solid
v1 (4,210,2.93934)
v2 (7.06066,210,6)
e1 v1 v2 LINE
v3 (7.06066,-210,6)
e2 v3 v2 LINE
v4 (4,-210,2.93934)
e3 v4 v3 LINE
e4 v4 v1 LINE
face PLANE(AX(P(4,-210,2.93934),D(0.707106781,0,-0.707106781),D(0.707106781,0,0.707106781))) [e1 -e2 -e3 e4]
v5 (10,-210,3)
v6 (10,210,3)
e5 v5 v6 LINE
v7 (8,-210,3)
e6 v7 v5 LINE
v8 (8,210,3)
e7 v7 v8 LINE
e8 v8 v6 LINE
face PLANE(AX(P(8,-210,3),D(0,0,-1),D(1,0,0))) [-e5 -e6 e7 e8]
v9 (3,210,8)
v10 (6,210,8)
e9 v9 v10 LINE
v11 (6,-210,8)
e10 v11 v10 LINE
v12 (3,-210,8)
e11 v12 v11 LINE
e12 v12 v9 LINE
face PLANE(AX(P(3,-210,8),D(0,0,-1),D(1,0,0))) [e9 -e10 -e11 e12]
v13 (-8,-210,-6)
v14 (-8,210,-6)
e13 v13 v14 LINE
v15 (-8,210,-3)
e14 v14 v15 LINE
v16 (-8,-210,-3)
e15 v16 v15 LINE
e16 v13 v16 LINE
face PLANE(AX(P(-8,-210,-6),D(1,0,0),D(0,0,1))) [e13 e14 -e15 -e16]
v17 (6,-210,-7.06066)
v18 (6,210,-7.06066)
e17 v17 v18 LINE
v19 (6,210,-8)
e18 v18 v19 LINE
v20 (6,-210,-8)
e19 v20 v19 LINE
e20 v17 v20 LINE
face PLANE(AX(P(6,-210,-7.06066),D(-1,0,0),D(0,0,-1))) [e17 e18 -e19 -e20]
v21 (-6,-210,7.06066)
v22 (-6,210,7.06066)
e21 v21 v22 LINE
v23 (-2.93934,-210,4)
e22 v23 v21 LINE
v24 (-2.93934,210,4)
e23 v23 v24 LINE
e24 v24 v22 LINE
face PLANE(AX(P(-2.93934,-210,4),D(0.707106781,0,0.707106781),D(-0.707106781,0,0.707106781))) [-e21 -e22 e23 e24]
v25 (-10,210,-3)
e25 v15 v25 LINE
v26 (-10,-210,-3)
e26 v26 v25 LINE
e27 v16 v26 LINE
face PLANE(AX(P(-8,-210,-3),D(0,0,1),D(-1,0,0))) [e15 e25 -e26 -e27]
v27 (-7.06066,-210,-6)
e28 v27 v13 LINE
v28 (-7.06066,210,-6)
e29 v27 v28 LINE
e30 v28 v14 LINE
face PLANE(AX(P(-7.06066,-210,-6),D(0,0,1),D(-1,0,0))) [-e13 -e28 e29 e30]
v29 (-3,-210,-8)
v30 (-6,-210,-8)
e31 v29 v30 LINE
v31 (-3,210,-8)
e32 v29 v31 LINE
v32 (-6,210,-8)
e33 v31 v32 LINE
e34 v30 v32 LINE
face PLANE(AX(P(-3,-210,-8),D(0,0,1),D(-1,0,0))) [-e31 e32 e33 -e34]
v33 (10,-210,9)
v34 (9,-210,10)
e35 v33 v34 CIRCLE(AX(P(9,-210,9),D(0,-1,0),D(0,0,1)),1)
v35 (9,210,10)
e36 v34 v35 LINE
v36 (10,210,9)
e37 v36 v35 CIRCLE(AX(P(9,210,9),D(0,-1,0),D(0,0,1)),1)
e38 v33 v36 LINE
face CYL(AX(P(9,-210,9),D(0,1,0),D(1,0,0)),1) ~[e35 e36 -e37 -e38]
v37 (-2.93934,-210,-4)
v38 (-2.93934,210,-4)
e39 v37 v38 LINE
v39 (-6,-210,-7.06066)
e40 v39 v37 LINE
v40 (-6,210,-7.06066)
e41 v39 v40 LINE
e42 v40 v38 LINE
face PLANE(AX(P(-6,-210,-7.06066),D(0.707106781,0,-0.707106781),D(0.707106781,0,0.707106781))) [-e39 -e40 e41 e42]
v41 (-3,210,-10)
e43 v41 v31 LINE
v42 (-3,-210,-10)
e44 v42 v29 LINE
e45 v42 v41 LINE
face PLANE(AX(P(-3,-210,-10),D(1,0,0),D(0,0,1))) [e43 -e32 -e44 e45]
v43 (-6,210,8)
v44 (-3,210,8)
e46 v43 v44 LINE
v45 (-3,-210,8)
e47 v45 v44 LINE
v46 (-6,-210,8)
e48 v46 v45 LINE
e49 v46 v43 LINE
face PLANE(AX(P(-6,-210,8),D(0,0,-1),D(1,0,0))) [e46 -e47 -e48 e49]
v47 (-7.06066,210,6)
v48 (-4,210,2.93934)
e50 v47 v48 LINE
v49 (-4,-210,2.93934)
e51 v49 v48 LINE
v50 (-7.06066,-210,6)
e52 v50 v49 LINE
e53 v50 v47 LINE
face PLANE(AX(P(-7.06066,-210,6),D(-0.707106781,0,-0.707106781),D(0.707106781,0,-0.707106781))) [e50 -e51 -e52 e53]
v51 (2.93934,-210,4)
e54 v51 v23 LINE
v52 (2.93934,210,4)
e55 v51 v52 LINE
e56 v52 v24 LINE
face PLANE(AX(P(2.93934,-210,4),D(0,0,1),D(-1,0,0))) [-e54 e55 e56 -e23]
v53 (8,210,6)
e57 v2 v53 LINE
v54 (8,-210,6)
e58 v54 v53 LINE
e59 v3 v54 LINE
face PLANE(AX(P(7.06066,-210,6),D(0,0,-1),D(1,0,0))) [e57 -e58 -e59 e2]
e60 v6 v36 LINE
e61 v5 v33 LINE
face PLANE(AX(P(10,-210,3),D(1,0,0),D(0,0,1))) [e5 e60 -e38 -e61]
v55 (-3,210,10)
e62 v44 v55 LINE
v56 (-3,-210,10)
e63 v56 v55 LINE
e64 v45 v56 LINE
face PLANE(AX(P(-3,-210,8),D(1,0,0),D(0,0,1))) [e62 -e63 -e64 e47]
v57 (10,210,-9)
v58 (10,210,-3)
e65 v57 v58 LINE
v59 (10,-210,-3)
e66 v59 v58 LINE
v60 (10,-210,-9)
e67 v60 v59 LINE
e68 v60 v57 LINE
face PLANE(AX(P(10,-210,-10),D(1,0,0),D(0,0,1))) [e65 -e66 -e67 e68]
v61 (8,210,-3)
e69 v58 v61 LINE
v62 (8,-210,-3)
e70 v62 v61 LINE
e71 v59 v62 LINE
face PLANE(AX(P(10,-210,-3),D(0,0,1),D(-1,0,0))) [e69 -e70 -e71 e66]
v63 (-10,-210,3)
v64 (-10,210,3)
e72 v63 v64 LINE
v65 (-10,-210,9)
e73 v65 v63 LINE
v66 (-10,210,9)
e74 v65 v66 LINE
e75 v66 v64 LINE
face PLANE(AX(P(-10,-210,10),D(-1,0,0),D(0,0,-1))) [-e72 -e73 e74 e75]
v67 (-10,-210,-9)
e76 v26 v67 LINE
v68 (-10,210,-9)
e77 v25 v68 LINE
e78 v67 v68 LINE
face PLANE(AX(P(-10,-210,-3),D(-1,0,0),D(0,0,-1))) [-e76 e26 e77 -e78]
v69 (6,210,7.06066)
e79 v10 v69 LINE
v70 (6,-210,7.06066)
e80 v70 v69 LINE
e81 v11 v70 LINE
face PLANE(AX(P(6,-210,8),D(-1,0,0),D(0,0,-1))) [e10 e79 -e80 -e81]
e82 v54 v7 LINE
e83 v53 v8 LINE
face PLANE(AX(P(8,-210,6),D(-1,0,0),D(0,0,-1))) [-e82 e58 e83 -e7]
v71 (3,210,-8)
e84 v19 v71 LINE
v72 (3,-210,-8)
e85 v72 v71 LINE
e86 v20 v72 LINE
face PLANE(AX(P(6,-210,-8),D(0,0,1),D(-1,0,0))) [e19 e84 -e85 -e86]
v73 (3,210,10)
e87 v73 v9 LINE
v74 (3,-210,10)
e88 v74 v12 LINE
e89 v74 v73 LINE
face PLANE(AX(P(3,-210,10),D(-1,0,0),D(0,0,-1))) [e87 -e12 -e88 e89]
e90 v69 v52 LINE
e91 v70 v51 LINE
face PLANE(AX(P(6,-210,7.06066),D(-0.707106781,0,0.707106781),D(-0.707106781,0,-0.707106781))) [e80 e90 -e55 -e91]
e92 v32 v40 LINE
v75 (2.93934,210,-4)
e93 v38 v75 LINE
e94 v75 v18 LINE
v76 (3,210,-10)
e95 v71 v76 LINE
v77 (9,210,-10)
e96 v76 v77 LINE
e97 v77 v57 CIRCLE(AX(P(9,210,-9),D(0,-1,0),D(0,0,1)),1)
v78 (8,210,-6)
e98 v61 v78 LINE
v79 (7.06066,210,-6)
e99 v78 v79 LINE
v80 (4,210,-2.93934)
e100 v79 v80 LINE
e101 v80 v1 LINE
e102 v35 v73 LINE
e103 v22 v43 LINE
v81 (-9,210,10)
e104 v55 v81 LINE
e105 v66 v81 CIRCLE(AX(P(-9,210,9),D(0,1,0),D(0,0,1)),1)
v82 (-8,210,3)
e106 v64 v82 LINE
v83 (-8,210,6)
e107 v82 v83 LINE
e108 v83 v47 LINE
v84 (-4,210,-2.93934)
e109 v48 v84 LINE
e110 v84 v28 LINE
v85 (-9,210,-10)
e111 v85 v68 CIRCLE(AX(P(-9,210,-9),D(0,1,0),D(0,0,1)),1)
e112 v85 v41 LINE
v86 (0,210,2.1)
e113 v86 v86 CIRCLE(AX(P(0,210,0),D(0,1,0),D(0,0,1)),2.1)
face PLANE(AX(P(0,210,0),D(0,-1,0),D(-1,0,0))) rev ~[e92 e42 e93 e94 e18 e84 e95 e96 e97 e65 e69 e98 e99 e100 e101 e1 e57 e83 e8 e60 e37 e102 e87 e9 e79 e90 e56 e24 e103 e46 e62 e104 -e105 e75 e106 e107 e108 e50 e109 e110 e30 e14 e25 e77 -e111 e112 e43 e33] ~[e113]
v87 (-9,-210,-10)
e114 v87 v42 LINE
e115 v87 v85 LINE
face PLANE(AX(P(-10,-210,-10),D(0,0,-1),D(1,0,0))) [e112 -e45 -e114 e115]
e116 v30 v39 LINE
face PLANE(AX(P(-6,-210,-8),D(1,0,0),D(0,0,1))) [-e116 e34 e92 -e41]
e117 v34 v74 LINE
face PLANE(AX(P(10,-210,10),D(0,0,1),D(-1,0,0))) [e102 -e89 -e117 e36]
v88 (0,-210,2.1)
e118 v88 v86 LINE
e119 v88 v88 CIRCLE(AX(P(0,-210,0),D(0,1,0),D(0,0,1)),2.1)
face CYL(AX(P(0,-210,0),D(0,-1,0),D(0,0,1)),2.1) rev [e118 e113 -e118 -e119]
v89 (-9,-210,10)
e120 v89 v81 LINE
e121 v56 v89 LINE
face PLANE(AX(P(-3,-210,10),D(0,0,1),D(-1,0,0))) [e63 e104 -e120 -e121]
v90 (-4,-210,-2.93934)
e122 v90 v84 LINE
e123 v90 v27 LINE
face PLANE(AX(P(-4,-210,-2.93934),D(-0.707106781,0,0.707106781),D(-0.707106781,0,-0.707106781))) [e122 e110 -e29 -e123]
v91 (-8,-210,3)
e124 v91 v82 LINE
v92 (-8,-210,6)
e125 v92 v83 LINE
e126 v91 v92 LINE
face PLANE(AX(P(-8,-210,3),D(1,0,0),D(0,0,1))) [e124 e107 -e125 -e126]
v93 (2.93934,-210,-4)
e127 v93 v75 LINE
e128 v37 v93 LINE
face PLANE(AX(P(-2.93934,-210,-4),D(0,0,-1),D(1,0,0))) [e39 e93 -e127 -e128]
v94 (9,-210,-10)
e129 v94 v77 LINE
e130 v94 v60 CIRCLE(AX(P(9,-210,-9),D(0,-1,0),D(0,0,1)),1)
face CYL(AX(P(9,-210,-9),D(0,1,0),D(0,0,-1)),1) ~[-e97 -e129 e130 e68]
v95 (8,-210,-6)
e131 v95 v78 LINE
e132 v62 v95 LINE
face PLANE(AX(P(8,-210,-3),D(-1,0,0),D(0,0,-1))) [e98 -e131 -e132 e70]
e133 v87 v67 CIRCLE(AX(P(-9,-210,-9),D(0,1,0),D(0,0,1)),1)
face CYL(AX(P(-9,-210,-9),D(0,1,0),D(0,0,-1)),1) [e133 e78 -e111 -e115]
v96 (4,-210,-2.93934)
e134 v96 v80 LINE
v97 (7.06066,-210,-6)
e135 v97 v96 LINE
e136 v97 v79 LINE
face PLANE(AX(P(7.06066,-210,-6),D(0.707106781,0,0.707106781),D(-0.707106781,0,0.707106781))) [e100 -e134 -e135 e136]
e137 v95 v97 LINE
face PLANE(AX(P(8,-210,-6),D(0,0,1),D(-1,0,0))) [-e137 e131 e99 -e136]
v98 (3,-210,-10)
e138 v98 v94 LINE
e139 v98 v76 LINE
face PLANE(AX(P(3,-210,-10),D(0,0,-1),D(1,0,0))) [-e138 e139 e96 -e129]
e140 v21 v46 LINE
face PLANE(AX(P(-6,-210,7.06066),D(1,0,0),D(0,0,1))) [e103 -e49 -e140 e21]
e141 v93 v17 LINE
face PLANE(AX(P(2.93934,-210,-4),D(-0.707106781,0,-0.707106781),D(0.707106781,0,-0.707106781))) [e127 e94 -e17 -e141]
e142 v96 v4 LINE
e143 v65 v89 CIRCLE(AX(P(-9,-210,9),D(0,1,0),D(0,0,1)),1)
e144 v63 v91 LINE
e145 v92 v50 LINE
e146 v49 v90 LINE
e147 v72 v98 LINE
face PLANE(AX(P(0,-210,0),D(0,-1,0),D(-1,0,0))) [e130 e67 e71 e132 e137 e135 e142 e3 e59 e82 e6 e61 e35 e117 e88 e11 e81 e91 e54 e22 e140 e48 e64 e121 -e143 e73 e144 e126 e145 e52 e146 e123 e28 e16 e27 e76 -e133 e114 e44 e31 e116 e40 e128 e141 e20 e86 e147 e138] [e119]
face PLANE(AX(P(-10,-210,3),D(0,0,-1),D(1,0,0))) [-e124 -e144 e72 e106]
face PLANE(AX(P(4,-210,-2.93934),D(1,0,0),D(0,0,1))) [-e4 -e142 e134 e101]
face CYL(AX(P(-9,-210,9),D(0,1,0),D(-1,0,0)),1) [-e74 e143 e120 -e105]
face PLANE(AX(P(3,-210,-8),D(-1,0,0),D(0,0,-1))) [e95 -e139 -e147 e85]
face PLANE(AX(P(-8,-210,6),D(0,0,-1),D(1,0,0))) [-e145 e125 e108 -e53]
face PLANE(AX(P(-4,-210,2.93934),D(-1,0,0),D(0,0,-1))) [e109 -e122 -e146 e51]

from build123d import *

# Parameters (mm, degrees)
BASE_EXTRUSTION_DEPTH      = 210
BASE_EXTRUSTION_DEPTH_BACK = 210
SKETCH1_R                  = 2.1
CORNERS_R                  = 1


with BuildPart() as part:
    # Sketch1 → Base Extrustion (new, two sides: drawn at the far end of the back side and taken through both)
    with BuildSketch(Plane(origin=(0, 0, 0), x_dir=(1, 0, 0), z_dir=(0, 1, 0)).offset(-BASE_EXTRUSTION_DEPTH_BACK)):
        Polygon((-10, 10), (-3, 10), (-3, 8), (-6, 8), (-6, 7.060660172), (-2.939339828, 4), (2.939339828, 4), (6, 7.060660172), (6, 8), (3, 8), (3, 10), (10, 10), (10, 3), (8, 3), (8, 6), (7.060660172, 6), (4, 2.939339828), (4, -2.939339828), (7.060660172, -6), (8, -6), (8, -3), (10, -3), (10, -10), (3, -10), (3, -8), (6, -8), (6, -7.060660172), (2.939339828, -4), (-2.939339828, -4), (-6, -7.060660172), (-6, -8), (-3, -8), (-3, -10), (-10, -10), (-10, -3), (-8, -3), (-8, -6), (-7.060660172, -6), (-4, -2.939339828), (-4, 2.939339828), (-7.060660172, 6), (-8, 6), (-8, 3), (-10, 3), align=None)
        with Locations(Location((0, 0, 0), (0, 0, 270))):
            Circle(SKETCH1_R, mode=Mode.SUBTRACT)
    extrude(amount=BASE_EXTRUSTION_DEPTH + BASE_EXTRUSTION_DEPTH_BACK)

    # Corners
    corners_edges = [part.edges().sort_by_distance(p)[0] for p in [
        (-10, 0, -10),
        (10, 0, -10),
        (10, 0, 10),
        (-10, 0, 10),
    ]]
    fillet(corners_edges, radius=CORNERS_R)


solid = part.part
